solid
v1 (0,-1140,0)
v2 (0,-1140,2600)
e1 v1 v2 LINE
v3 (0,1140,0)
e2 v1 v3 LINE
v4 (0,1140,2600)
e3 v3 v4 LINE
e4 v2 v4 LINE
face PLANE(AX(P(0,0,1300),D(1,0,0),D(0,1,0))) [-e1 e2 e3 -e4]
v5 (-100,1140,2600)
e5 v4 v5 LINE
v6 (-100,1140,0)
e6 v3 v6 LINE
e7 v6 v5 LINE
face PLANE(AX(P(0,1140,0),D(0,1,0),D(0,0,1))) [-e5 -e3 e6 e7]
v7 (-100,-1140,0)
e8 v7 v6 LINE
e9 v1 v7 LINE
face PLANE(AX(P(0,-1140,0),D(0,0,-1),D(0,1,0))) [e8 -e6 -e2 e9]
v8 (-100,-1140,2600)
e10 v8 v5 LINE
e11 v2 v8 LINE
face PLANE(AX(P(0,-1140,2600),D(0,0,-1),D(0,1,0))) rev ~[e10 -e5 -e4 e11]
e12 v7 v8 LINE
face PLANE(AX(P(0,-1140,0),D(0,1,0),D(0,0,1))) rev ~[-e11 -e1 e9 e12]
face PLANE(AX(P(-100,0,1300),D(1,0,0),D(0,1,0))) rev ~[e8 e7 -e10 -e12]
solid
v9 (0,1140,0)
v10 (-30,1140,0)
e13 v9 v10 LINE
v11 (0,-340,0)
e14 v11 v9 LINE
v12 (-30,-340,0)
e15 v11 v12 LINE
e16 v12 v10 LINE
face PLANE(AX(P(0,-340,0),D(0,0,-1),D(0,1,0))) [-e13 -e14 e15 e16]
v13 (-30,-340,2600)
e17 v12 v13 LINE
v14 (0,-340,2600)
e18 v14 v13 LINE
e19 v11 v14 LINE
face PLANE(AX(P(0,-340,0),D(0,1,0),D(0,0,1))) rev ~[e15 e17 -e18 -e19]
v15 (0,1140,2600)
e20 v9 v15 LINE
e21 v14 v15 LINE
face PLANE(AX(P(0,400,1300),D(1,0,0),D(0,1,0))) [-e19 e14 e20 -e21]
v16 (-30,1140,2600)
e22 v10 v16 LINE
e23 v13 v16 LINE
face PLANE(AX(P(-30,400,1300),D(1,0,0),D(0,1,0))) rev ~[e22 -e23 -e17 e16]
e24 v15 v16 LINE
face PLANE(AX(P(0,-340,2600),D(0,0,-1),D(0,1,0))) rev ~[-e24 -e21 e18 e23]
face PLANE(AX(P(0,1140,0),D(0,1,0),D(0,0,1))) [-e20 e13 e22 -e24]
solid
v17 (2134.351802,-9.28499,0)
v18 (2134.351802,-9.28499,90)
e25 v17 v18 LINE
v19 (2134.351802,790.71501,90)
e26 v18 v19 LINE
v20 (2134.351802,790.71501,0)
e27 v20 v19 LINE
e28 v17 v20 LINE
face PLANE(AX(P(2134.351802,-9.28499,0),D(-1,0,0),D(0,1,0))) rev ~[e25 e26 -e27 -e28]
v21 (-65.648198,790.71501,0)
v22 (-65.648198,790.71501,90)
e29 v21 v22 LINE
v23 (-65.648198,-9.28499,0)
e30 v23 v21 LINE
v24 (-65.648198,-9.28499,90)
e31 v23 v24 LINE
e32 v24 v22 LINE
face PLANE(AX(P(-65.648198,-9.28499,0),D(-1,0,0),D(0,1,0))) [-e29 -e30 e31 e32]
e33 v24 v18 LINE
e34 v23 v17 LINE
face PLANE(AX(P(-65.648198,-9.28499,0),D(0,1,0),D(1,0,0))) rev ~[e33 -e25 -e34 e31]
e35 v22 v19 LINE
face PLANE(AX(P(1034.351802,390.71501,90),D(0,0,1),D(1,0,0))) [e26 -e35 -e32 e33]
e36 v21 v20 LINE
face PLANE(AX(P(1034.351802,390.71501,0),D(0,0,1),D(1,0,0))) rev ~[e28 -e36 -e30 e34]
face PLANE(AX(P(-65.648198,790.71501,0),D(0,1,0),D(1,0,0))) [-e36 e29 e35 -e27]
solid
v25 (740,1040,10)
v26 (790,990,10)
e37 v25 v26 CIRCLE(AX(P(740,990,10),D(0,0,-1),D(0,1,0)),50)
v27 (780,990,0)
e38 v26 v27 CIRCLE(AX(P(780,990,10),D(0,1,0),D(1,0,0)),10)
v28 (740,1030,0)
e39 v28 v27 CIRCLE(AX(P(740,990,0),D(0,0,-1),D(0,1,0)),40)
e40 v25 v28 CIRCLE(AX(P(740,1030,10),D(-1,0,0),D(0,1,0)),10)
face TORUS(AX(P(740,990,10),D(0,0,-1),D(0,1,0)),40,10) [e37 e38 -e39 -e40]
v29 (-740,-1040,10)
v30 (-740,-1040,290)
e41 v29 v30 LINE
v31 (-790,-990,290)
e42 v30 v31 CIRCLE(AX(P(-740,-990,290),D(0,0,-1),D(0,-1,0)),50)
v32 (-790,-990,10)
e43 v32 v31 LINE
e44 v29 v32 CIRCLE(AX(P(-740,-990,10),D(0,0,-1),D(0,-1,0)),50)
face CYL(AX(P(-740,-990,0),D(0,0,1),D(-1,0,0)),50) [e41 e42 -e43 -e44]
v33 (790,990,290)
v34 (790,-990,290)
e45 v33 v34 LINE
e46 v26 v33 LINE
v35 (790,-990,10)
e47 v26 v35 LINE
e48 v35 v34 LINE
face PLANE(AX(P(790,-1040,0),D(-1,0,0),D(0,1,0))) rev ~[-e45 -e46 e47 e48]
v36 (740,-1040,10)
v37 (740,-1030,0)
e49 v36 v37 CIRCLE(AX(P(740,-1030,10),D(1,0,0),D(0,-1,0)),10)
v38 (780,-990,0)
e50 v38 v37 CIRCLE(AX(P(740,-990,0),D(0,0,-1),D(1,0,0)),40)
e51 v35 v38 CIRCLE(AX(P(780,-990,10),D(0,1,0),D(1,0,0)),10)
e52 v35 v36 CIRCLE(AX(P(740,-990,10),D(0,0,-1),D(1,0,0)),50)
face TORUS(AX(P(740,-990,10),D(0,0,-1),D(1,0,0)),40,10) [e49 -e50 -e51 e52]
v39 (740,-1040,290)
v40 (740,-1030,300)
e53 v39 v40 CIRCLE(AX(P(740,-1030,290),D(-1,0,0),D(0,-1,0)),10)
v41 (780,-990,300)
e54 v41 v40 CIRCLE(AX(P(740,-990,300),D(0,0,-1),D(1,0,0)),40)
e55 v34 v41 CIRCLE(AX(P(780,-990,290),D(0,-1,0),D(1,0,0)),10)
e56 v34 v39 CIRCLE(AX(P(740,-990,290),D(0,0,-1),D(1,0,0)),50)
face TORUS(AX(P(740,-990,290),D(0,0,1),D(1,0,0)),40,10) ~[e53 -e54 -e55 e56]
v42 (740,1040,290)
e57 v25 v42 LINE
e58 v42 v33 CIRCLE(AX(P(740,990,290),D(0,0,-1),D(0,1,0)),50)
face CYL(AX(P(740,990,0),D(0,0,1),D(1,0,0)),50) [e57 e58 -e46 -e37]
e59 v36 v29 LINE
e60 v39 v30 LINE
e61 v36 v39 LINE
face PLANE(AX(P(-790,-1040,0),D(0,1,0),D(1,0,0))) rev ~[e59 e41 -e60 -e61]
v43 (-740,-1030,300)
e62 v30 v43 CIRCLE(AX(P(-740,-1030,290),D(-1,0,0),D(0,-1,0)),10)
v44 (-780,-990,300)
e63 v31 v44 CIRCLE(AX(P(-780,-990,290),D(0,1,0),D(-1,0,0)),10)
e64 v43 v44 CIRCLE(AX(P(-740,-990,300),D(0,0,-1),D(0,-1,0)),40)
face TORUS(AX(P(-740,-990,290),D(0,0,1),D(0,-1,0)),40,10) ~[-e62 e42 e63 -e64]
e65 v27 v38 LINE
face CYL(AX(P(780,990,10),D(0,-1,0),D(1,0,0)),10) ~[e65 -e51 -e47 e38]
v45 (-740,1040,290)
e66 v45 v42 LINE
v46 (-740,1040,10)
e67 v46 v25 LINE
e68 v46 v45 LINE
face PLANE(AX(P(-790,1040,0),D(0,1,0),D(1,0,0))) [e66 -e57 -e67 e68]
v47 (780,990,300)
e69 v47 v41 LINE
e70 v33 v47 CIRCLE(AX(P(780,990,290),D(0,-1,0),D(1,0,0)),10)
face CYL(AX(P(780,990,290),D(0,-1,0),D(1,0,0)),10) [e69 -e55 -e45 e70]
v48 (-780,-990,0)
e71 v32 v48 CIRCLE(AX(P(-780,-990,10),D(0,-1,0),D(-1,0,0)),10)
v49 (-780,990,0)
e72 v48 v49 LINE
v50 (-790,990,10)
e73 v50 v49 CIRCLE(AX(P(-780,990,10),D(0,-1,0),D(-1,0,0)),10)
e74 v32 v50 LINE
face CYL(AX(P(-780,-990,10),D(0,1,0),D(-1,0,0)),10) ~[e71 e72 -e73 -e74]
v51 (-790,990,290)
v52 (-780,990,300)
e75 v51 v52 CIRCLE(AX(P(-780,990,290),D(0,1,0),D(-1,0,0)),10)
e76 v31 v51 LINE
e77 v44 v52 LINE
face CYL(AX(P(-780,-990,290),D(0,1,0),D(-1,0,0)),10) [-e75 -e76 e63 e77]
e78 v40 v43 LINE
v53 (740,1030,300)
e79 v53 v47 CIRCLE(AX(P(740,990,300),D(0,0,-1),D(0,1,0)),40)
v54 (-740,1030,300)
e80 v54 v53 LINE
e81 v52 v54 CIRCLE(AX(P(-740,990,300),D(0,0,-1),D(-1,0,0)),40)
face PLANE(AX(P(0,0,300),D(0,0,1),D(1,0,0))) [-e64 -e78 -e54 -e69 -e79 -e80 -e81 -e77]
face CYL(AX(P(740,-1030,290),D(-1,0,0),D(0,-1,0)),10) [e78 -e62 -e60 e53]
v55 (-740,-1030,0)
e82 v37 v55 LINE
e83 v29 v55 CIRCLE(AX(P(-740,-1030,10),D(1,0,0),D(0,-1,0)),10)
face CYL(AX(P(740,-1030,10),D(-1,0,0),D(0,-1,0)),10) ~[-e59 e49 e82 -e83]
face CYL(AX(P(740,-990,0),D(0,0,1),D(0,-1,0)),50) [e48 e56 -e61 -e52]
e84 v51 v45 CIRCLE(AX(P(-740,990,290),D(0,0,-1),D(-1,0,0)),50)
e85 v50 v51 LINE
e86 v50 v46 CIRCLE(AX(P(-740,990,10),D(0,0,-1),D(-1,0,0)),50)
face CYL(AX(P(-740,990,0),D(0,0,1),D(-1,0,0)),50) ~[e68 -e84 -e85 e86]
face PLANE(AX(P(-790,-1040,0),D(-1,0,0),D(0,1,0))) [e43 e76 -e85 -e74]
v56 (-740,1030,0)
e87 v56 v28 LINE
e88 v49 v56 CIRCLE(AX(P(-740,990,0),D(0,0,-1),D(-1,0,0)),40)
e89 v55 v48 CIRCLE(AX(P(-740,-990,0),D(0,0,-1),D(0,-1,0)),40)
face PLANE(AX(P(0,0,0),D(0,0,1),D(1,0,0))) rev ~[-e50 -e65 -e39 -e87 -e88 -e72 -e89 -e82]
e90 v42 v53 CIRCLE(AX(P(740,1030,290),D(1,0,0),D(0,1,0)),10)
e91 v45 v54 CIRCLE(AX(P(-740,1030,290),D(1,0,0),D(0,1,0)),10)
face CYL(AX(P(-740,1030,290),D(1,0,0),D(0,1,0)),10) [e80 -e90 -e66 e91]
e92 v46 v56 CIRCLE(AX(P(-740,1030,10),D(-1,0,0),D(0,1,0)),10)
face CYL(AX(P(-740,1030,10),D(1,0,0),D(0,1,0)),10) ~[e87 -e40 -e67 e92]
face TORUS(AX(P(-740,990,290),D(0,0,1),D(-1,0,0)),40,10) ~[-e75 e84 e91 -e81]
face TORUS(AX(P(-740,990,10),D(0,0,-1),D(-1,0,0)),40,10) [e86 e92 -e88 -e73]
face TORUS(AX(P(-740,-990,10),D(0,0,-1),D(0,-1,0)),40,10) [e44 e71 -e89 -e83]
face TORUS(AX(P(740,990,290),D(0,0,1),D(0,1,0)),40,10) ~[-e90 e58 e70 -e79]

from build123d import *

# Parameters (mm, degrees)
F0_W     = 1580
F0_H     = 2080
F1_DEPTH = 300
F2_R     = 50
F3_R     = 10
F4_W     = 2200
F4_H     = 800
F5_DEPTH = 90
F6_W     = 2280
F6_H     = 2600
F7_DEPTH = 100
F8_W     = 1480
F8_H     = 2600
F9_DEPTH = 30


with BuildPart() as f1:
    # F0 (on Top) → F1 (new body)
    with BuildSketch(Plane.XY):
        Rectangle(F0_W, F0_H)
    extrude(amount=F1_DEPTH)

    # F2
    f2_edges = [f1.edges().sort_by_distance(p)[0] for p in [
        (-790, 1040, 150),
        (-790, -1040, 150),
        (790, -1040, 150),
        (790, 1040, 150),
    ]]
    fillet(f2_edges, radius=F2_R)

    # F3
    f3_edges = [f1.edges().sort_by_distance(p)[0] for p in [
        (-790, 0, 300),
        (-790, 0, 0),
    ]]
    fillet(f3_edges, radius=F3_R)


with BuildPart() as f5:
    # F4 (on Top) → F5 (new body)
    with BuildSketch(Plane.XY):
        with Locations((1034.351802, 390.71501)):
            Rectangle(F4_W, F4_H)
    extrude(amount=F5_DEPTH)


with BuildPart() as f7:
    # F6 (on Right) → F7 (new body)
    with BuildSketch(Plane.YZ):
        with Locations((0, 1300)):
            Rectangle(F6_W, F6_H)
    extrude(amount=-F7_DEPTH)


with BuildPart() as f9:
    # F8 (on Right) → F9 (new body)
    with BuildSketch(Plane.YZ):
        with Locations((400, 1300)):
            Rectangle(F8_W, F8_H)
    extrude(amount=-F9_DEPTH)


solid = Compound([f1.part, f5.part, f7.part, f9.part])
